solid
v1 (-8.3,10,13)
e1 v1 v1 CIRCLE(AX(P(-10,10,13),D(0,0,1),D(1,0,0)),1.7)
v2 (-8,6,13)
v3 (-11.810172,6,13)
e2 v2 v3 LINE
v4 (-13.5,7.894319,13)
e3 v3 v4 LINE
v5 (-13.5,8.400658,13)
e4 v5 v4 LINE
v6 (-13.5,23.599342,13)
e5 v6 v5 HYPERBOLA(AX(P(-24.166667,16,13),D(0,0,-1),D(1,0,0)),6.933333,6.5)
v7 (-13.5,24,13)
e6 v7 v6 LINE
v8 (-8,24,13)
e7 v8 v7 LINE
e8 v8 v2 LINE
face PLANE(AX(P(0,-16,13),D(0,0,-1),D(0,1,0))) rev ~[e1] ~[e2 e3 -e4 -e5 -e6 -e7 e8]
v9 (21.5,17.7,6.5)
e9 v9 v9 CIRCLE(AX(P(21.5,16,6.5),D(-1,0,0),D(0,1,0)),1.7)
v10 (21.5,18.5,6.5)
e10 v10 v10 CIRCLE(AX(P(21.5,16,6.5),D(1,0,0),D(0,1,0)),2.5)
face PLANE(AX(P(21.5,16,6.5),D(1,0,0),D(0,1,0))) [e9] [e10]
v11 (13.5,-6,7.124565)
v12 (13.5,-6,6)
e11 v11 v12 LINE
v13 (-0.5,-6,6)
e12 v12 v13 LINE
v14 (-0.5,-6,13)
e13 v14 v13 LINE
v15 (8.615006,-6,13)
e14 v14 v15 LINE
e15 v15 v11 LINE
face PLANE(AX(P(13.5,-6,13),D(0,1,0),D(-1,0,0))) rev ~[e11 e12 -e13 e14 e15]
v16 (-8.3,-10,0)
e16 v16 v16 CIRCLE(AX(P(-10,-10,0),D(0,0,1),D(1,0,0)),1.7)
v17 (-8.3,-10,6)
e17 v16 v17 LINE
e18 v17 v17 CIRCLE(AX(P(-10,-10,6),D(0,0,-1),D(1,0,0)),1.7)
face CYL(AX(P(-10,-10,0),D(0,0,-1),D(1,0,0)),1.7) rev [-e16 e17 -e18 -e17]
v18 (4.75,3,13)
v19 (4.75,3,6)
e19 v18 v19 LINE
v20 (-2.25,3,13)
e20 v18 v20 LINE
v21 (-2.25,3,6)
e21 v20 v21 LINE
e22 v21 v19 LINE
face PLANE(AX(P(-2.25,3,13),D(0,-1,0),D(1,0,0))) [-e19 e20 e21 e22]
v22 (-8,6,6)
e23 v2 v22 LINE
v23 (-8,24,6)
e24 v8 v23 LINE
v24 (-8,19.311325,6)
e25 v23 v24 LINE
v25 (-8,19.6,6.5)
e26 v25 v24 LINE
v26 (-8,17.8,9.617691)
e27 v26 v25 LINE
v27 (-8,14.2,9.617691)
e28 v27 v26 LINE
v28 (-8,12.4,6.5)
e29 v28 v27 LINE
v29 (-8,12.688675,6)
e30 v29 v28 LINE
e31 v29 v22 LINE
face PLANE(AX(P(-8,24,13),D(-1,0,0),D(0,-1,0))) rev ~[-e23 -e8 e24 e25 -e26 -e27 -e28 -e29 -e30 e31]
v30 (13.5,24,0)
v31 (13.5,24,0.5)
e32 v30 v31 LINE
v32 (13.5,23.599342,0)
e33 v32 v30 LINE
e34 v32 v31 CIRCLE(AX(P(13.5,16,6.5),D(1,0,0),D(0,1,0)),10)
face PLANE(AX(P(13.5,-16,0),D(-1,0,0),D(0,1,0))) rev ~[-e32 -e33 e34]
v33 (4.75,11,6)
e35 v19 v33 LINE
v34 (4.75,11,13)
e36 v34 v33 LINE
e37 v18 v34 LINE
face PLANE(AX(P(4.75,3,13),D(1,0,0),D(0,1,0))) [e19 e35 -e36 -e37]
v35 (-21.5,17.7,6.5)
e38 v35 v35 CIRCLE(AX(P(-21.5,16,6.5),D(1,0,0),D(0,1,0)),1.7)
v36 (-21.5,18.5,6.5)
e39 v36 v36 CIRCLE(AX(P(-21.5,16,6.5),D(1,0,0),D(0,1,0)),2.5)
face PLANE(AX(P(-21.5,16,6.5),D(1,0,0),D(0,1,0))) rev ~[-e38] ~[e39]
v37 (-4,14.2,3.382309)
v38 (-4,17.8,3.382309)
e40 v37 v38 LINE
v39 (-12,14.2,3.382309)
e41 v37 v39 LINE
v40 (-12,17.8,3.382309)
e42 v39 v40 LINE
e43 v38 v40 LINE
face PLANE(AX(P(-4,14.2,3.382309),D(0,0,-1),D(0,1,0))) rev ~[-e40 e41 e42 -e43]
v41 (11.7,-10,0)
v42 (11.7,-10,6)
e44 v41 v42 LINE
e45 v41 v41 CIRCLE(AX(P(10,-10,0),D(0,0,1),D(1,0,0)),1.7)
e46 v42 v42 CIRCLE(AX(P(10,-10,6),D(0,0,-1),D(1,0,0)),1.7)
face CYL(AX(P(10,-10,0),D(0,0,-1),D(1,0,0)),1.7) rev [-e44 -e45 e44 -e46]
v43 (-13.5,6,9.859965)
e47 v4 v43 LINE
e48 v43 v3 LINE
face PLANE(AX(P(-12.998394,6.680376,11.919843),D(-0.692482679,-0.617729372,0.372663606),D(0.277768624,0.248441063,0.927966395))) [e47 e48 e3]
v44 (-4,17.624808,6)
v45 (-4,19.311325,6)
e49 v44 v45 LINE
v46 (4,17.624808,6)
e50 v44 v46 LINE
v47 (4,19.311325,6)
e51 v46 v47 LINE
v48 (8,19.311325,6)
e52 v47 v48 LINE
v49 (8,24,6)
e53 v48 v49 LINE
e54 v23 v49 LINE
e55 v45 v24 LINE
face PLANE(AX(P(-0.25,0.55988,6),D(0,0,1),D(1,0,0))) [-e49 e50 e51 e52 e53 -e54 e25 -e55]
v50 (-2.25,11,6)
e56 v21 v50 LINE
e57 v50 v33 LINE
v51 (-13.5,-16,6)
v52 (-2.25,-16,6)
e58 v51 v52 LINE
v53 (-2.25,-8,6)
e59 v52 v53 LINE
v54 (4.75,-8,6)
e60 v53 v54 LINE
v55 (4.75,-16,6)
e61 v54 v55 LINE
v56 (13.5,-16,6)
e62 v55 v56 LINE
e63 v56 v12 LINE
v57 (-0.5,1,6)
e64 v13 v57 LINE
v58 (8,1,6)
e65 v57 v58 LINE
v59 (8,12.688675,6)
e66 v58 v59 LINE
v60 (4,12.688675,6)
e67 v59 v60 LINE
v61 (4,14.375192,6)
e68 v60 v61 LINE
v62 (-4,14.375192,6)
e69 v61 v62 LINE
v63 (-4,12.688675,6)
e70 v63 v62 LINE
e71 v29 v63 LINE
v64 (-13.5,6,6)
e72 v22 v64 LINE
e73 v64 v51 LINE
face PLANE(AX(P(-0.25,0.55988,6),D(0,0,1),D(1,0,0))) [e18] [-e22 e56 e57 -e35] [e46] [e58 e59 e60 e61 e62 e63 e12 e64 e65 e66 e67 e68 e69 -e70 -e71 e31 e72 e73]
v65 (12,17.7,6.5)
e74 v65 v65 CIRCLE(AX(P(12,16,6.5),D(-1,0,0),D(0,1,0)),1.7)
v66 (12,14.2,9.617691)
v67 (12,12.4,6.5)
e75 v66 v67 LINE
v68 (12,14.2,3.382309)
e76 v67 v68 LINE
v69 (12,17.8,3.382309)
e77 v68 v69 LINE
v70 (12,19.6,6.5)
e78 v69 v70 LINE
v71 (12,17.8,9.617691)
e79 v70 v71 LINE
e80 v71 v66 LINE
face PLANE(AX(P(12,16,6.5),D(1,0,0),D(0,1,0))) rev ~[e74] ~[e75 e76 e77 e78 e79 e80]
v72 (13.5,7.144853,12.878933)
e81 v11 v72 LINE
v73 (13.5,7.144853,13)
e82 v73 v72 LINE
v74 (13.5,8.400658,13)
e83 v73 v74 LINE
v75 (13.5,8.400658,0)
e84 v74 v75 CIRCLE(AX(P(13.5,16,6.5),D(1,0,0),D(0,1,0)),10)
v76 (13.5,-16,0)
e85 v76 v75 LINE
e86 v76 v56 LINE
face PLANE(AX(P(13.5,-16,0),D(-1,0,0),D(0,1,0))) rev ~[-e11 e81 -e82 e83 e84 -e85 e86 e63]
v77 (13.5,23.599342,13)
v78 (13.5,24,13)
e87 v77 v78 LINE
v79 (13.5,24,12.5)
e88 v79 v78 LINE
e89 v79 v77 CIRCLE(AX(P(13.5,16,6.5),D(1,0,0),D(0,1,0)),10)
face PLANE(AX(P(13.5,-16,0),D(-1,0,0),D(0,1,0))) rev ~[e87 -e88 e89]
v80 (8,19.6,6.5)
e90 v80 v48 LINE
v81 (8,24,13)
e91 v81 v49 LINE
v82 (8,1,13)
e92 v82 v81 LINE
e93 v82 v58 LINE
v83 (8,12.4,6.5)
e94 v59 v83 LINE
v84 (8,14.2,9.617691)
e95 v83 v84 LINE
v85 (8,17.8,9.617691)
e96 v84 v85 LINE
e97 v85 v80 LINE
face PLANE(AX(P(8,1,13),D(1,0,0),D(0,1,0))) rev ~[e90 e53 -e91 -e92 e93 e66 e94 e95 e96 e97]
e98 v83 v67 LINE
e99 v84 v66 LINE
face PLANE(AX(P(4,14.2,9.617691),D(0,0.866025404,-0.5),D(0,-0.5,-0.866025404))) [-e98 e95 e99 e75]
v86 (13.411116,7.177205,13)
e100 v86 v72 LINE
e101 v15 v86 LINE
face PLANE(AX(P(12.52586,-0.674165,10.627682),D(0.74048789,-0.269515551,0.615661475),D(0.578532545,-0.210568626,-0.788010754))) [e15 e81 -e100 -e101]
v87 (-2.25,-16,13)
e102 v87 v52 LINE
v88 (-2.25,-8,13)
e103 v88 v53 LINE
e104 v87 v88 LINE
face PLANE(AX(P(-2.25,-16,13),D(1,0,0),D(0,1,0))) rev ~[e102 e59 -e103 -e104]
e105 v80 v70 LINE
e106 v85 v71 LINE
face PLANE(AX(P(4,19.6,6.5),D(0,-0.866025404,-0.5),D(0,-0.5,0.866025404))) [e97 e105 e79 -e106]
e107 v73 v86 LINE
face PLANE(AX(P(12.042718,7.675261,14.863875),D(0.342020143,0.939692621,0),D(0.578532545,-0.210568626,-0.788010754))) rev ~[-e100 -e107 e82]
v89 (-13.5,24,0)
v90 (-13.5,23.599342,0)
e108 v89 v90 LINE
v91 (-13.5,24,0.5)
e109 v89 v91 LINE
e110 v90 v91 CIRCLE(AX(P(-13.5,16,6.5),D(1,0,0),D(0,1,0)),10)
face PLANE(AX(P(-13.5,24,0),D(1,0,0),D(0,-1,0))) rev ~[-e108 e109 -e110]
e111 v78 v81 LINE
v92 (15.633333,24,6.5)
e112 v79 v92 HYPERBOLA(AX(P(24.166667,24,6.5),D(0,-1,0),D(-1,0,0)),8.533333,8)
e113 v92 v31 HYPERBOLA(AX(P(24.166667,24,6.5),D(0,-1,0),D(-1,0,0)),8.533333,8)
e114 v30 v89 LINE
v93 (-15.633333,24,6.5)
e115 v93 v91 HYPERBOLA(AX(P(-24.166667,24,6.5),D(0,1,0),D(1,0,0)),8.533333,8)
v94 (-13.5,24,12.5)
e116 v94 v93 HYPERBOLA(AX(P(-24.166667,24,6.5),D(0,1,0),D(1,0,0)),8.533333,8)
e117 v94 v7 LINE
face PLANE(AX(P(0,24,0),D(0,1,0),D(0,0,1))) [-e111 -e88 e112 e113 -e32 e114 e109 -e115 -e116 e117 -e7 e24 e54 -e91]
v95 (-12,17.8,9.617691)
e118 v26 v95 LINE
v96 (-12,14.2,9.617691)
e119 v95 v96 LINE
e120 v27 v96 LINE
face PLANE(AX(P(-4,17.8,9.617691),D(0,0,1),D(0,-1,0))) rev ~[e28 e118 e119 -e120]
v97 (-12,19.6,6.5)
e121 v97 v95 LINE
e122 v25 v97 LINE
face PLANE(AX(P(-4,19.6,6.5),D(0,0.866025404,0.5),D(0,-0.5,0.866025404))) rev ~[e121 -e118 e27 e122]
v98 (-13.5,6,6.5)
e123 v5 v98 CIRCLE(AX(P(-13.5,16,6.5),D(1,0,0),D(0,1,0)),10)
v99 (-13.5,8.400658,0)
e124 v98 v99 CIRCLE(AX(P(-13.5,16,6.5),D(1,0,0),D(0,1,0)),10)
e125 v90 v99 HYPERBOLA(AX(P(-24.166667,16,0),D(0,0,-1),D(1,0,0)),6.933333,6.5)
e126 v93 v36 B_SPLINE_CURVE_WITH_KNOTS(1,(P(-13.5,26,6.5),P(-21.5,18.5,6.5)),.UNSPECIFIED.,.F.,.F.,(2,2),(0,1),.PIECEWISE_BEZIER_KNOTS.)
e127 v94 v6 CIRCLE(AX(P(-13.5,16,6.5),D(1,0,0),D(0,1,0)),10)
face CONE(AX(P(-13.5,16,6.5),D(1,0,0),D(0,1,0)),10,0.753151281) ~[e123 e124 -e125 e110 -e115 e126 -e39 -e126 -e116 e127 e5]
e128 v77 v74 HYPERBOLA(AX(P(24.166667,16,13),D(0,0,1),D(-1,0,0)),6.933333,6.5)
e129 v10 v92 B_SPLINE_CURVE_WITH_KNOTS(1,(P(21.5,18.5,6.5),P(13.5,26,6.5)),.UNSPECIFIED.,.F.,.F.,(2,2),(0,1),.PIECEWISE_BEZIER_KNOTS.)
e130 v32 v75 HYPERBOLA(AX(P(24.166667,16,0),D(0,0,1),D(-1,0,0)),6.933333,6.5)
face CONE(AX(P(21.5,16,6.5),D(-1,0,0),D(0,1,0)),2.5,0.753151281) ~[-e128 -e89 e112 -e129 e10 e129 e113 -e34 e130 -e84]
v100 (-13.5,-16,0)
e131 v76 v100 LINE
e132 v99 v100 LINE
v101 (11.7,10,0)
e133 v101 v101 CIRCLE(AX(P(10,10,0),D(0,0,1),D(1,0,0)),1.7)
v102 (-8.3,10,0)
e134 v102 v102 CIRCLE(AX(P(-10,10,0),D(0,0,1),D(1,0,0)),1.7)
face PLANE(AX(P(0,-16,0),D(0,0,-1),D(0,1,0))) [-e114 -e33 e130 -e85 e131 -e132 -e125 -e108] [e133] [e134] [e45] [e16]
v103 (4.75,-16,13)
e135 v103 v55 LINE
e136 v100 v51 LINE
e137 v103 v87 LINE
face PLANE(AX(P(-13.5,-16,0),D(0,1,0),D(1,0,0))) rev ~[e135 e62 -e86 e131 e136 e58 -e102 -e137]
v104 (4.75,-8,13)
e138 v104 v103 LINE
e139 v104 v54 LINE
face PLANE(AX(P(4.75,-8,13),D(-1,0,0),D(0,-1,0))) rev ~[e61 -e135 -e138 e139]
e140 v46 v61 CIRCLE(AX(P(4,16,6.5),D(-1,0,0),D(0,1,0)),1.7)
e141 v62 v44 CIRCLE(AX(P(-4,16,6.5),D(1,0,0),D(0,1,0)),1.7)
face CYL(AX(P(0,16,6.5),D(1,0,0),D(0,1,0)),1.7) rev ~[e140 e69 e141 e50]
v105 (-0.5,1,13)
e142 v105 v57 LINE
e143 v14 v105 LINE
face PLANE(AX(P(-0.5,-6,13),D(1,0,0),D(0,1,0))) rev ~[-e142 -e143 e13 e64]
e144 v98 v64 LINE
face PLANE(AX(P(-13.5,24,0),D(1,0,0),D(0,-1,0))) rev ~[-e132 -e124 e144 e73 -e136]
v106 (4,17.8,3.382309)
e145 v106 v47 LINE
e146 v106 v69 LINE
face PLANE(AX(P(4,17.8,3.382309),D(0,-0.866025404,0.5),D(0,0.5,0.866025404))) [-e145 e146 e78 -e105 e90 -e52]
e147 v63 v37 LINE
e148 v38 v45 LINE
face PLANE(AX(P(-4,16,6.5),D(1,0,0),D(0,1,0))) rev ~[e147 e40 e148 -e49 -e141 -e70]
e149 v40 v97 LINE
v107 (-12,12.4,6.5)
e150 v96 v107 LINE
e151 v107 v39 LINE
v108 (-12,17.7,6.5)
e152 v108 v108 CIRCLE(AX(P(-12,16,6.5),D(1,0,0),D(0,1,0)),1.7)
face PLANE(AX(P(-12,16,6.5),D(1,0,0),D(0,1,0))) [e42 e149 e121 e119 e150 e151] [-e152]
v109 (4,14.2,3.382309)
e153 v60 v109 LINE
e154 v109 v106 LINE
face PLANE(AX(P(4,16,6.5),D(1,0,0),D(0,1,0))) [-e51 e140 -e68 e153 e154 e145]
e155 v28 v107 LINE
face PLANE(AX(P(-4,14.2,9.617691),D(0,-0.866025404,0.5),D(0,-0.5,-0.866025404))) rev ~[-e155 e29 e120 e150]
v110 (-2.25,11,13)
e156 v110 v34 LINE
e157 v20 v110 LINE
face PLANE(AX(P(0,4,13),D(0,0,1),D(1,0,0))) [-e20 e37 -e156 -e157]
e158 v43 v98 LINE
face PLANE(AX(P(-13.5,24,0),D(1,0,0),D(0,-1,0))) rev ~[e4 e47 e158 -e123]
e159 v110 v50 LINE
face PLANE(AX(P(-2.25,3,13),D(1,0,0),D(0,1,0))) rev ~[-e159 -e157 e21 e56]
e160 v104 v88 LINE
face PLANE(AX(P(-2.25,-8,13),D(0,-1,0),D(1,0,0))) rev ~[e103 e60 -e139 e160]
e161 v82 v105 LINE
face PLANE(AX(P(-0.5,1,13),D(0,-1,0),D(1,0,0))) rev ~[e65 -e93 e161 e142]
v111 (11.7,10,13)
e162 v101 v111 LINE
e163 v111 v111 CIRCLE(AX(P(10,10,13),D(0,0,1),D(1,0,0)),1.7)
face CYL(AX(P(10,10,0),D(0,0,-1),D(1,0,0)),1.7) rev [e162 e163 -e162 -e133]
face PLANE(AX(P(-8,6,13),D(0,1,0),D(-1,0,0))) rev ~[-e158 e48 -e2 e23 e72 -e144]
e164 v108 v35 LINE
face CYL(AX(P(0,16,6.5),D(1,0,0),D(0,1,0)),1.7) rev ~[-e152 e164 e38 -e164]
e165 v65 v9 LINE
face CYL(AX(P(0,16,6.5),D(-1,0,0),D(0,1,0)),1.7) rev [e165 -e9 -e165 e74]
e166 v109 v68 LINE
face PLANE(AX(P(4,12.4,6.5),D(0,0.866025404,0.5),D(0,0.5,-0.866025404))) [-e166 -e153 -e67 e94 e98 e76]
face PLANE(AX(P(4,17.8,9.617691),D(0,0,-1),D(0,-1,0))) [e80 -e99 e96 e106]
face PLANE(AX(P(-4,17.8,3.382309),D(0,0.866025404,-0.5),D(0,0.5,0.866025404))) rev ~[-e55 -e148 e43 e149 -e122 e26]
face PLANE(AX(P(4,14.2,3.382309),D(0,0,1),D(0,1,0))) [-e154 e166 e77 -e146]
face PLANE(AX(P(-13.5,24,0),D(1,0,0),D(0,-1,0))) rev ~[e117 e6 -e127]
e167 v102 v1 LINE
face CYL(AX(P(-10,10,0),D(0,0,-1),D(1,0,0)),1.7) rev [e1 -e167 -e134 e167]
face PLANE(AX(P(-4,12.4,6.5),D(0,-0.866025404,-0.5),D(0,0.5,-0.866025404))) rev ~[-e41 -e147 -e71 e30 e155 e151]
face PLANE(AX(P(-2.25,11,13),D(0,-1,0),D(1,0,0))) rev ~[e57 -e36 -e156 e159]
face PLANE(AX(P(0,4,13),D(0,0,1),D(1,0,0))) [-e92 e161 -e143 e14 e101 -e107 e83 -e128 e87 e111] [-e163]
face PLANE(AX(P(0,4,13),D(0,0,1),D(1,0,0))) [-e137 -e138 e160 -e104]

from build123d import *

# Parameters (mm, degrees)
SKETCH019_R          = 1.7
PAD002_DEPTH         = 13
SKETCH020_W          = 7
SKETCH020_H          = 8
POCKET017_DEPTH      = 7
POCKET019_DEPTH      = 8
POCKET020_DEPTH      = 8
SKETCH024_R          = 2.5
SKETCH025_R          = 10
SKETCH027_R          = 10
SKETCH026_R          = 2.5
SKETCH021_R          = 1.7
POCKET021_DEPTH      = 21.5010001
POCKET021_DEPTH_BACK = 21.5010001
SKETCH028_W          = 57.890867
SKETCH028_H          = 28.005435
SKETCH028_W_2        = 40
SKETCH028_H_2        = 13
POCKET022_DEPTH      = 21.5010001
POCKET022_DEPTH_BACK = 21.5010001
SKETCH029_W          = 10.751613
SKETCH029_H          = 15.361299
POCKET023_DEPTH      = 5
SKETCH030_W          = 5.428132
SKETCH030_H          = 4.529939
POCKET024_DEPTH      = 5


with BuildPart() as part:
    # Sketch019 → Pad002 (new body)
    with BuildSketch(Plane.XY):
        Polygon((-13.5, -16), (13.5, -16), (13.5, 6), (13.5, 24), (-13.5, 24), (-13.5, 6), align=None)
        with Locations((10, 10)):
            Circle(SKETCH019_R, mode=Mode.SUBTRACT)
        with Locations((-10, 10)):
            Circle(SKETCH019_R, mode=Mode.SUBTRACT)
        with Locations((-10, -10)):
            Circle(SKETCH019_R, mode=Mode.SUBTRACT)
        with Locations((10, -10)):
            Circle(SKETCH019_R, mode=Mode.SUBTRACT)
    extrude(amount=PAD002_DEPTH)

    # Sketch020 → Pocket017 (cut)
    with BuildSketch(Plane.XY.offset(13)):
        Polygon((-2.25, -8), (4.75, -8), (4.75, -16), (13.5, -16), (13.5, -6), (-0.5, -6), (-0.5, 1), (8, 1), (8, 24), (-8, 24), (-8, 6), (-13.5, 6), (-13.5, -16), (-2.25, -16), align=None)
        with Locations((1.25, 7)):
            Rectangle(SKETCH020_W, SKETCH020_H, mode=Mode.SUBTRACT)
    extrude(amount=-POCKET017_DEPTH, mode=Mode.SUBTRACT)

    # Sketch022 → Pocket019 (cut)
    with BuildSketch(Plane.YZ.offset(4)):
        Polygon((19.6, 6.5), (17.8, 9.6176914536), (14.2, 9.6176914536), (12.4, 6.5), (14.2, 3.3823085464), (17.8, 3.3823085464), align=None)
    extrude(amount=POCKET019_DEPTH, mode=Mode.SUBTRACT)

    # Sketch023 → Pocket020 (cut)
    with BuildSketch(Plane.YZ.offset(-4)):
        Polygon((19.6, 6.5), (17.8, 9.6176914536), (14.2, 9.6176914536), (12.4, 6.5), (14.2, 3.3823085464), (17.8, 3.3823085464), align=None)
    extrude(amount=-POCKET020_DEPTH, mode=Mode.SUBTRACT)

    # Sketch024 → AdditiveLoft section 0
    with BuildSketch(Plane.YZ.offset(21.5)):
        with Locations((16, 6.5)):
            Circle(SKETCH024_R)
    # Sketch025 → AdditiveLoft section 1
    with BuildSketch(Plane.YZ.offset(13.5)):
        with Locations((16, 6.5)):
            Circle(SKETCH025_R)
    loft()

    # Sketch027 → AdditiveLoft001 section 0
    with BuildSketch(Plane.YZ.offset(-13.5)):
        with Locations((16, 6.5)):
            Circle(SKETCH027_R)
    # Sketch026 → AdditiveLoft001 section 1
    with BuildSketch(Plane.YZ.offset(-21.5)):
        with Locations((16, 6.5)):
            Circle(SKETCH026_R)
    loft()

    # Sketch021 → Pocket021 (cut, two sides)
    with BuildSketch(Plane.YZ) as pocket021_sk:
        with Locations((16, 6.5)):
            Circle(SKETCH021_R)
    extrude(amount=-POCKET021_DEPTH, mode=Mode.SUBTRACT)
    extrude(pocket021_sk.sketch, amount=POCKET021_DEPTH_BACK, mode=Mode.SUBTRACT)

    # Sketch028 → Pocket022 (cut, two sides)
    with BuildSketch(Plane.YZ) as pocket022_sk:
        with Locations((4.9093215, 6.8553455)):
            Rectangle(SKETCH028_W, SKETCH028_H)
        with Locations((4, 6.5)):
            Rectangle(SKETCH028_W_2, SKETCH028_H_2, mode=Mode.SUBTRACT)
    extrude(amount=-POCKET022_DEPTH, mode=Mode.SUBTRACT)
    extrude(pocket022_sk.sketch, amount=POCKET022_DEPTH_BACK, mode=Mode.SUBTRACT)

    # Sketch029 (on DatumPlane) → Pocket023 (cut)
    with BuildSketch(Plane(origin=(11.8478062442, -4.3122488143, 9.8505836052), x_dir=(0.5785325453, -0.210568626, -0.7880107536), z_dir=(0.7404878903, -0.2695155509, 0.6156614753))):
        with Locations((-0.9861515, 3.6505885)):
            Rectangle(SKETCH029_W, SKETCH029_H)
    extrude(amount=POCKET023_DEPTH, mode=Mode.SUBTRACT)

    # Sketch030 (on DatumPlane) → Pocket024 (cut)
    with BuildSketch(Plane(origin=(0, 0, 25), x_dir=(0.2777686245, 0.2484410627, 0.9279663947), z_dir=(-0.6924826787, -0.6177293717, 0.3726636058))):
        with Locations((-14.088813, 13.6448355)):
            Rectangle(SKETCH030_W, SKETCH030_H)
    extrude(amount=POCKET024_DEPTH, mode=Mode.SUBTRACT)


solid = part.part
